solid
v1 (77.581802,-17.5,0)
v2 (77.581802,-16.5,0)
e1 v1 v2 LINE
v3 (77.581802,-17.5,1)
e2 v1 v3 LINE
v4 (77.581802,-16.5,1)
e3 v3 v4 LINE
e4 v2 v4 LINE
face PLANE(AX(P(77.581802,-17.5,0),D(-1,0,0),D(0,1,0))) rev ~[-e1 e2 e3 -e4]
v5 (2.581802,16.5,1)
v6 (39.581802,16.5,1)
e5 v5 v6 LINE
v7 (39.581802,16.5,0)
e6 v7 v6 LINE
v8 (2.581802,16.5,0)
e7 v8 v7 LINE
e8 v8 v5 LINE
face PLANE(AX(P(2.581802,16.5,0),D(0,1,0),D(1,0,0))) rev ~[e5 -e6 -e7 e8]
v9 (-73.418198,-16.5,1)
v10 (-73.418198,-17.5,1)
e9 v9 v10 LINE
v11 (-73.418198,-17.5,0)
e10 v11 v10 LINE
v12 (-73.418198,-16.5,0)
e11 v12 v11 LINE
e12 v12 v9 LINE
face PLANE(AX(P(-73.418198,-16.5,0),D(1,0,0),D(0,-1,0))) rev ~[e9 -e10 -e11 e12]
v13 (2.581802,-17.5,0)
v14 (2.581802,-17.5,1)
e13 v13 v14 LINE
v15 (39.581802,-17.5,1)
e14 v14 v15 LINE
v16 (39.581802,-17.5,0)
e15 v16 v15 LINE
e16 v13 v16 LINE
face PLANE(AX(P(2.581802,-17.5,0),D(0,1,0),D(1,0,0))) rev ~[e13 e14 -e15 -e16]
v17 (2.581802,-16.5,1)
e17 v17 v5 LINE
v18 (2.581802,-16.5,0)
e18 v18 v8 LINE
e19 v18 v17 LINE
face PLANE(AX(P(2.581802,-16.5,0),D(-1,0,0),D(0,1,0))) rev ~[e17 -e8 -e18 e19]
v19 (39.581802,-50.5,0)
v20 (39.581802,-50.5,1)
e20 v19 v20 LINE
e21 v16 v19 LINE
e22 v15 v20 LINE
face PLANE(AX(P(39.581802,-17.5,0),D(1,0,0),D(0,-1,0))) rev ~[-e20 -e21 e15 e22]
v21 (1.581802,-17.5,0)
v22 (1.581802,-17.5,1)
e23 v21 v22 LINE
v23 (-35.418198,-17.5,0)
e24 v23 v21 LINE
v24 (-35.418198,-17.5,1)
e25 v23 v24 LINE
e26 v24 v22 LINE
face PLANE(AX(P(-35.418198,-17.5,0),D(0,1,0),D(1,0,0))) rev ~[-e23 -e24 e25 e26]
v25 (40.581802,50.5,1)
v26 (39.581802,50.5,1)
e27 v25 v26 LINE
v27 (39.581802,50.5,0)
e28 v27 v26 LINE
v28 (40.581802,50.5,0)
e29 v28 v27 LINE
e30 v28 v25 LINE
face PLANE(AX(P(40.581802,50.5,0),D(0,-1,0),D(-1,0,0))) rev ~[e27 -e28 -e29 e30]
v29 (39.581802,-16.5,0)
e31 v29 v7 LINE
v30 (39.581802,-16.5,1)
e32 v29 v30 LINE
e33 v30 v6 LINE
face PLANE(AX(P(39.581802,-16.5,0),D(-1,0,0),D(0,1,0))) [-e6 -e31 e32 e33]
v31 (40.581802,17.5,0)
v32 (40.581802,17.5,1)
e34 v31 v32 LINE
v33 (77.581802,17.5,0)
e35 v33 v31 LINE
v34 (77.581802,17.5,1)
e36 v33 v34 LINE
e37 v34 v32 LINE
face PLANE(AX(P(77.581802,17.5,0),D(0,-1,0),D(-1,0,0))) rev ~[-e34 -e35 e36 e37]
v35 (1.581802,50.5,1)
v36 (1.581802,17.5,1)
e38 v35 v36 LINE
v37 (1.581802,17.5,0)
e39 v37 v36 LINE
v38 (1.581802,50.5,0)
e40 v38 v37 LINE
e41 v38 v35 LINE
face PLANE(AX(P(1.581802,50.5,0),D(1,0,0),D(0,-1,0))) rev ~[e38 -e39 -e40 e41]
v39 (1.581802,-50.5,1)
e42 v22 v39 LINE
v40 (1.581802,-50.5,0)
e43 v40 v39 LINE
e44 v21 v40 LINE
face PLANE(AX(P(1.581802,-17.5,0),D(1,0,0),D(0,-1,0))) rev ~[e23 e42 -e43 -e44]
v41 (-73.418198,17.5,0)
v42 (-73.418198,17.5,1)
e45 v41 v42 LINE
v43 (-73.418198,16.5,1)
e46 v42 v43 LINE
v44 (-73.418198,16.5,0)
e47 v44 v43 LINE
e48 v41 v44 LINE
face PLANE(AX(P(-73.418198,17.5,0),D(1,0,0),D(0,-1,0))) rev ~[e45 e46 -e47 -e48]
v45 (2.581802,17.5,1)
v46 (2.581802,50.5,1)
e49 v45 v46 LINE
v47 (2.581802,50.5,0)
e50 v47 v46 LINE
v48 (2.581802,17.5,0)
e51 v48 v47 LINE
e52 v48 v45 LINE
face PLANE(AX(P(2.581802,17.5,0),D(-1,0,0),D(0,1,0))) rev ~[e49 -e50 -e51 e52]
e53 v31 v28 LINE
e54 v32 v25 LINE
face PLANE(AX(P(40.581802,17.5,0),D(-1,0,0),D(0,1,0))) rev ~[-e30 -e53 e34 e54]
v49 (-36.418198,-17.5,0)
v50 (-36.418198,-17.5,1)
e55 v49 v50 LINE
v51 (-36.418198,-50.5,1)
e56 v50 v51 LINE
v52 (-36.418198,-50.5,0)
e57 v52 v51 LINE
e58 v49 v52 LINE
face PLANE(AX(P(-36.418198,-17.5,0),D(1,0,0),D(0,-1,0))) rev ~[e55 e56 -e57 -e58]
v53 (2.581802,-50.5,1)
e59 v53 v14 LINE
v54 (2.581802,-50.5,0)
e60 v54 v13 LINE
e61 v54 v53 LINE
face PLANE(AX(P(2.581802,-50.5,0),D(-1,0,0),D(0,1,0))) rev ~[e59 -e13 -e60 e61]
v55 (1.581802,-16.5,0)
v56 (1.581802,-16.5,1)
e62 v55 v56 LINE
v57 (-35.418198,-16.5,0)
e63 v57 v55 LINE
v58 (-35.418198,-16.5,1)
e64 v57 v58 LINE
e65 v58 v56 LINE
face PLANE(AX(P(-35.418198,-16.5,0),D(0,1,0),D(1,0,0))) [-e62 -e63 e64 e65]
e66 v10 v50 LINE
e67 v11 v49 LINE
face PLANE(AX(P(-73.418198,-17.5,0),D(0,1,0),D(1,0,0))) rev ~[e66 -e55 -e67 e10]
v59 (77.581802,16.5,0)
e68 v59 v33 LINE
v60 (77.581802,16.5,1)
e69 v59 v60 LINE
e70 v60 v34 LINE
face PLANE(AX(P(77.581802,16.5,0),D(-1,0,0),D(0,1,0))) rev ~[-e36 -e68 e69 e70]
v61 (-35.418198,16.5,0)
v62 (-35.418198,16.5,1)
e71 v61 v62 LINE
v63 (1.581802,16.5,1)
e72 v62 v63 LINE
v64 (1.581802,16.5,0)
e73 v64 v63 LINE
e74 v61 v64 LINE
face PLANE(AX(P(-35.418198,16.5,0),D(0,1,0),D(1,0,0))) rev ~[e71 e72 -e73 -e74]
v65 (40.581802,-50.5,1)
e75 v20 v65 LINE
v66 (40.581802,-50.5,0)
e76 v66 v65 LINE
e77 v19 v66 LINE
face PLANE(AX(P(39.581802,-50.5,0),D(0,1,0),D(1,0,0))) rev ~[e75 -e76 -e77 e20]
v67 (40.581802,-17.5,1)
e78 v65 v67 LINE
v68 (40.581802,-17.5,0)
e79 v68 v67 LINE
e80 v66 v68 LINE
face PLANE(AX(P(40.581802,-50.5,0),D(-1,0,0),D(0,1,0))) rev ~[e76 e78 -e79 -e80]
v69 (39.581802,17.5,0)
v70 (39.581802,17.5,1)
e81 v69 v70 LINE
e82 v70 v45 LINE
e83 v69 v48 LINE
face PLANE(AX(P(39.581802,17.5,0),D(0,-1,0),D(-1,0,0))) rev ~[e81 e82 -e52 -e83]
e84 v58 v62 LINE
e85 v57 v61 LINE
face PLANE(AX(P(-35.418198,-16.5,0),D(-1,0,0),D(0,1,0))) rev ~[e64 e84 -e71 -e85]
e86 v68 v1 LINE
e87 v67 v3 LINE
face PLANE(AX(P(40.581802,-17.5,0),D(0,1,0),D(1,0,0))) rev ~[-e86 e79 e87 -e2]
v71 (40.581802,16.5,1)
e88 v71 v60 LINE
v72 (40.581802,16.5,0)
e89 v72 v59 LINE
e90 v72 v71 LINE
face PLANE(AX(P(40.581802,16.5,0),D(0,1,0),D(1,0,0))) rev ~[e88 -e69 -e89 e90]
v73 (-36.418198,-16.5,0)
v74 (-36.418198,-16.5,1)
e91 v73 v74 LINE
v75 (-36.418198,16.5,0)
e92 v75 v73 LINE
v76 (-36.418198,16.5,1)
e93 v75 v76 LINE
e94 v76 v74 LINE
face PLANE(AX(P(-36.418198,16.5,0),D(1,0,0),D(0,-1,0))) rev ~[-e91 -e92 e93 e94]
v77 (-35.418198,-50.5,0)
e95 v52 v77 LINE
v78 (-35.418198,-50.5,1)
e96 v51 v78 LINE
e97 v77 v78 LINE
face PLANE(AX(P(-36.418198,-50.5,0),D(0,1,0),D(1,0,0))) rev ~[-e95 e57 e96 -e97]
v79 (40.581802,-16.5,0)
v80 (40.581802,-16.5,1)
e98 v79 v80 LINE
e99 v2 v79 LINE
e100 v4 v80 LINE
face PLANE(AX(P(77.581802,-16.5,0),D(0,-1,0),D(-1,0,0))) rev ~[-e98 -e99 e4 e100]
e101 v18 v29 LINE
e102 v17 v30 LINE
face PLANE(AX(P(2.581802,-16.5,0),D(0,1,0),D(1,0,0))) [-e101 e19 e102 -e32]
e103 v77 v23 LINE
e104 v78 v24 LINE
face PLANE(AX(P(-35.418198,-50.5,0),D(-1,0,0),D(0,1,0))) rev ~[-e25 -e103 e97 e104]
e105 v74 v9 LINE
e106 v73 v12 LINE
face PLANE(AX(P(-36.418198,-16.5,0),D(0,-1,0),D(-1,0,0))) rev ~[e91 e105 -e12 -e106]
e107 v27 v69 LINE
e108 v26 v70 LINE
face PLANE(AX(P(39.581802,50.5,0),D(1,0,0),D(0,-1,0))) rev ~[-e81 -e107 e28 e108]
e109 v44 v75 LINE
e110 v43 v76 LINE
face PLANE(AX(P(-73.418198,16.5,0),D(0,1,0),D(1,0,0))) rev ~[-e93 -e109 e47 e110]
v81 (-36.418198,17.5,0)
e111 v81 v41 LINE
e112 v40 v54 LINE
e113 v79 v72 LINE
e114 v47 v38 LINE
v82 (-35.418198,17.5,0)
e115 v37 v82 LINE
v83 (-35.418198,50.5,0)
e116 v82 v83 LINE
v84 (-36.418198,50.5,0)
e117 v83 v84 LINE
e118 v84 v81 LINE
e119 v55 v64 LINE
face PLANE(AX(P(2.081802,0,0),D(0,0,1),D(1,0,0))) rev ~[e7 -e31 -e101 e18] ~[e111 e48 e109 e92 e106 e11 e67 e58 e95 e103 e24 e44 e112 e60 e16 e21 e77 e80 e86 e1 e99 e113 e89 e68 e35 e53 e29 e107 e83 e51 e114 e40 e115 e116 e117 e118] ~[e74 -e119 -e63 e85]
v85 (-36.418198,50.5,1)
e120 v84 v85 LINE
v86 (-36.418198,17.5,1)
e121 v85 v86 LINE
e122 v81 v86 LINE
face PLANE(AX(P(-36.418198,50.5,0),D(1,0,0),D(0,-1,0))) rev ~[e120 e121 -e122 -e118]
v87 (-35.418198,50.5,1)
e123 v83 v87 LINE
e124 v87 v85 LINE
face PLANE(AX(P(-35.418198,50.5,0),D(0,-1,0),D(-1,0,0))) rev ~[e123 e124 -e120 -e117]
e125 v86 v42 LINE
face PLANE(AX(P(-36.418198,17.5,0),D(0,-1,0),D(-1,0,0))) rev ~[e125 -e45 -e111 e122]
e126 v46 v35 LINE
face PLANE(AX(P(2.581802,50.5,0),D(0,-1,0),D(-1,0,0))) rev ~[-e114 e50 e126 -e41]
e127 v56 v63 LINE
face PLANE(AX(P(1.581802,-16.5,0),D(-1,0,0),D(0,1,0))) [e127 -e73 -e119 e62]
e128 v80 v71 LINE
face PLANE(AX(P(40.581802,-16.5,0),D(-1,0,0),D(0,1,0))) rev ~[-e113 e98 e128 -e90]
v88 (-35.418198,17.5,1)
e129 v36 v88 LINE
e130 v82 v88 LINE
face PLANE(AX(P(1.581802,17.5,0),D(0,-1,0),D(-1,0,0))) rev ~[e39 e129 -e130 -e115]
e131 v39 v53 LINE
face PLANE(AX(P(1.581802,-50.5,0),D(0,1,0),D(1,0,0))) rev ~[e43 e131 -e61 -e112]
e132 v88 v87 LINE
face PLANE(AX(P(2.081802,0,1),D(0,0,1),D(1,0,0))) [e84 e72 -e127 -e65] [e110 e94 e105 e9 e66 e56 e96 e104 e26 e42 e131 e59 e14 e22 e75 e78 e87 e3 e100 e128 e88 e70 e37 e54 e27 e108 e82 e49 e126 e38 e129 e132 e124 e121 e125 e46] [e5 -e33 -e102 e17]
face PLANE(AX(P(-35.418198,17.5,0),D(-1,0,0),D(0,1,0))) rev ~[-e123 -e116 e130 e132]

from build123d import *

# Parameters (mm, degrees)
F0_W     = 37
F0_H     = 33
F1_DEPTH = 1


with BuildPart() as f1:
    # F0 (on Top) → F1 (new body)
    with BuildSketch(Plane.XY):
        Polygon((-35.418198, 50.5), (-36.418198, 50.5), (-36.418198, 17.5), (-73.418198, 17.5), (-73.418198, 16.5), (-36.418198, 16.5), (-36.418198, -16.5), (-73.418198, -16.5), (-73.418198, -17.5), (-36.418198, -17.5), (-36.418198, -50.5), (-35.418198, -50.5), (-35.418198, -17.5), (1.581802, -17.5), (1.581802, -50.5), (2.581802, -50.5), (2.581802, -17.5), (39.581802, -17.5), (39.581802, -50.5), (40.581802, -50.5), (40.581802, -17.5), (77.581802, -17.5), (77.581802, -16.5), (40.581802, -16.5), (40.581802, 16.5), (77.581802, 16.5), (77.581802, 17.5), (40.581802, 17.5), (40.581802, 50.5), (39.581802, 50.5), (39.581802, 17.5), (2.581802, 17.5), (2.581802, 50.5), (1.581802, 50.5), (1.581802, 17.5), (-35.418198, 17.5), align=None)
        with Locations((-16.918198, 0)):
            Rectangle(F0_W, F0_H, mode=Mode.SUBTRACT)
        with Locations((21.081802, 0)):
            Rectangle(F0_W, F0_H, mode=Mode.SUBTRACT)
    extrude(amount=F1_DEPTH)


solid = f1.part
